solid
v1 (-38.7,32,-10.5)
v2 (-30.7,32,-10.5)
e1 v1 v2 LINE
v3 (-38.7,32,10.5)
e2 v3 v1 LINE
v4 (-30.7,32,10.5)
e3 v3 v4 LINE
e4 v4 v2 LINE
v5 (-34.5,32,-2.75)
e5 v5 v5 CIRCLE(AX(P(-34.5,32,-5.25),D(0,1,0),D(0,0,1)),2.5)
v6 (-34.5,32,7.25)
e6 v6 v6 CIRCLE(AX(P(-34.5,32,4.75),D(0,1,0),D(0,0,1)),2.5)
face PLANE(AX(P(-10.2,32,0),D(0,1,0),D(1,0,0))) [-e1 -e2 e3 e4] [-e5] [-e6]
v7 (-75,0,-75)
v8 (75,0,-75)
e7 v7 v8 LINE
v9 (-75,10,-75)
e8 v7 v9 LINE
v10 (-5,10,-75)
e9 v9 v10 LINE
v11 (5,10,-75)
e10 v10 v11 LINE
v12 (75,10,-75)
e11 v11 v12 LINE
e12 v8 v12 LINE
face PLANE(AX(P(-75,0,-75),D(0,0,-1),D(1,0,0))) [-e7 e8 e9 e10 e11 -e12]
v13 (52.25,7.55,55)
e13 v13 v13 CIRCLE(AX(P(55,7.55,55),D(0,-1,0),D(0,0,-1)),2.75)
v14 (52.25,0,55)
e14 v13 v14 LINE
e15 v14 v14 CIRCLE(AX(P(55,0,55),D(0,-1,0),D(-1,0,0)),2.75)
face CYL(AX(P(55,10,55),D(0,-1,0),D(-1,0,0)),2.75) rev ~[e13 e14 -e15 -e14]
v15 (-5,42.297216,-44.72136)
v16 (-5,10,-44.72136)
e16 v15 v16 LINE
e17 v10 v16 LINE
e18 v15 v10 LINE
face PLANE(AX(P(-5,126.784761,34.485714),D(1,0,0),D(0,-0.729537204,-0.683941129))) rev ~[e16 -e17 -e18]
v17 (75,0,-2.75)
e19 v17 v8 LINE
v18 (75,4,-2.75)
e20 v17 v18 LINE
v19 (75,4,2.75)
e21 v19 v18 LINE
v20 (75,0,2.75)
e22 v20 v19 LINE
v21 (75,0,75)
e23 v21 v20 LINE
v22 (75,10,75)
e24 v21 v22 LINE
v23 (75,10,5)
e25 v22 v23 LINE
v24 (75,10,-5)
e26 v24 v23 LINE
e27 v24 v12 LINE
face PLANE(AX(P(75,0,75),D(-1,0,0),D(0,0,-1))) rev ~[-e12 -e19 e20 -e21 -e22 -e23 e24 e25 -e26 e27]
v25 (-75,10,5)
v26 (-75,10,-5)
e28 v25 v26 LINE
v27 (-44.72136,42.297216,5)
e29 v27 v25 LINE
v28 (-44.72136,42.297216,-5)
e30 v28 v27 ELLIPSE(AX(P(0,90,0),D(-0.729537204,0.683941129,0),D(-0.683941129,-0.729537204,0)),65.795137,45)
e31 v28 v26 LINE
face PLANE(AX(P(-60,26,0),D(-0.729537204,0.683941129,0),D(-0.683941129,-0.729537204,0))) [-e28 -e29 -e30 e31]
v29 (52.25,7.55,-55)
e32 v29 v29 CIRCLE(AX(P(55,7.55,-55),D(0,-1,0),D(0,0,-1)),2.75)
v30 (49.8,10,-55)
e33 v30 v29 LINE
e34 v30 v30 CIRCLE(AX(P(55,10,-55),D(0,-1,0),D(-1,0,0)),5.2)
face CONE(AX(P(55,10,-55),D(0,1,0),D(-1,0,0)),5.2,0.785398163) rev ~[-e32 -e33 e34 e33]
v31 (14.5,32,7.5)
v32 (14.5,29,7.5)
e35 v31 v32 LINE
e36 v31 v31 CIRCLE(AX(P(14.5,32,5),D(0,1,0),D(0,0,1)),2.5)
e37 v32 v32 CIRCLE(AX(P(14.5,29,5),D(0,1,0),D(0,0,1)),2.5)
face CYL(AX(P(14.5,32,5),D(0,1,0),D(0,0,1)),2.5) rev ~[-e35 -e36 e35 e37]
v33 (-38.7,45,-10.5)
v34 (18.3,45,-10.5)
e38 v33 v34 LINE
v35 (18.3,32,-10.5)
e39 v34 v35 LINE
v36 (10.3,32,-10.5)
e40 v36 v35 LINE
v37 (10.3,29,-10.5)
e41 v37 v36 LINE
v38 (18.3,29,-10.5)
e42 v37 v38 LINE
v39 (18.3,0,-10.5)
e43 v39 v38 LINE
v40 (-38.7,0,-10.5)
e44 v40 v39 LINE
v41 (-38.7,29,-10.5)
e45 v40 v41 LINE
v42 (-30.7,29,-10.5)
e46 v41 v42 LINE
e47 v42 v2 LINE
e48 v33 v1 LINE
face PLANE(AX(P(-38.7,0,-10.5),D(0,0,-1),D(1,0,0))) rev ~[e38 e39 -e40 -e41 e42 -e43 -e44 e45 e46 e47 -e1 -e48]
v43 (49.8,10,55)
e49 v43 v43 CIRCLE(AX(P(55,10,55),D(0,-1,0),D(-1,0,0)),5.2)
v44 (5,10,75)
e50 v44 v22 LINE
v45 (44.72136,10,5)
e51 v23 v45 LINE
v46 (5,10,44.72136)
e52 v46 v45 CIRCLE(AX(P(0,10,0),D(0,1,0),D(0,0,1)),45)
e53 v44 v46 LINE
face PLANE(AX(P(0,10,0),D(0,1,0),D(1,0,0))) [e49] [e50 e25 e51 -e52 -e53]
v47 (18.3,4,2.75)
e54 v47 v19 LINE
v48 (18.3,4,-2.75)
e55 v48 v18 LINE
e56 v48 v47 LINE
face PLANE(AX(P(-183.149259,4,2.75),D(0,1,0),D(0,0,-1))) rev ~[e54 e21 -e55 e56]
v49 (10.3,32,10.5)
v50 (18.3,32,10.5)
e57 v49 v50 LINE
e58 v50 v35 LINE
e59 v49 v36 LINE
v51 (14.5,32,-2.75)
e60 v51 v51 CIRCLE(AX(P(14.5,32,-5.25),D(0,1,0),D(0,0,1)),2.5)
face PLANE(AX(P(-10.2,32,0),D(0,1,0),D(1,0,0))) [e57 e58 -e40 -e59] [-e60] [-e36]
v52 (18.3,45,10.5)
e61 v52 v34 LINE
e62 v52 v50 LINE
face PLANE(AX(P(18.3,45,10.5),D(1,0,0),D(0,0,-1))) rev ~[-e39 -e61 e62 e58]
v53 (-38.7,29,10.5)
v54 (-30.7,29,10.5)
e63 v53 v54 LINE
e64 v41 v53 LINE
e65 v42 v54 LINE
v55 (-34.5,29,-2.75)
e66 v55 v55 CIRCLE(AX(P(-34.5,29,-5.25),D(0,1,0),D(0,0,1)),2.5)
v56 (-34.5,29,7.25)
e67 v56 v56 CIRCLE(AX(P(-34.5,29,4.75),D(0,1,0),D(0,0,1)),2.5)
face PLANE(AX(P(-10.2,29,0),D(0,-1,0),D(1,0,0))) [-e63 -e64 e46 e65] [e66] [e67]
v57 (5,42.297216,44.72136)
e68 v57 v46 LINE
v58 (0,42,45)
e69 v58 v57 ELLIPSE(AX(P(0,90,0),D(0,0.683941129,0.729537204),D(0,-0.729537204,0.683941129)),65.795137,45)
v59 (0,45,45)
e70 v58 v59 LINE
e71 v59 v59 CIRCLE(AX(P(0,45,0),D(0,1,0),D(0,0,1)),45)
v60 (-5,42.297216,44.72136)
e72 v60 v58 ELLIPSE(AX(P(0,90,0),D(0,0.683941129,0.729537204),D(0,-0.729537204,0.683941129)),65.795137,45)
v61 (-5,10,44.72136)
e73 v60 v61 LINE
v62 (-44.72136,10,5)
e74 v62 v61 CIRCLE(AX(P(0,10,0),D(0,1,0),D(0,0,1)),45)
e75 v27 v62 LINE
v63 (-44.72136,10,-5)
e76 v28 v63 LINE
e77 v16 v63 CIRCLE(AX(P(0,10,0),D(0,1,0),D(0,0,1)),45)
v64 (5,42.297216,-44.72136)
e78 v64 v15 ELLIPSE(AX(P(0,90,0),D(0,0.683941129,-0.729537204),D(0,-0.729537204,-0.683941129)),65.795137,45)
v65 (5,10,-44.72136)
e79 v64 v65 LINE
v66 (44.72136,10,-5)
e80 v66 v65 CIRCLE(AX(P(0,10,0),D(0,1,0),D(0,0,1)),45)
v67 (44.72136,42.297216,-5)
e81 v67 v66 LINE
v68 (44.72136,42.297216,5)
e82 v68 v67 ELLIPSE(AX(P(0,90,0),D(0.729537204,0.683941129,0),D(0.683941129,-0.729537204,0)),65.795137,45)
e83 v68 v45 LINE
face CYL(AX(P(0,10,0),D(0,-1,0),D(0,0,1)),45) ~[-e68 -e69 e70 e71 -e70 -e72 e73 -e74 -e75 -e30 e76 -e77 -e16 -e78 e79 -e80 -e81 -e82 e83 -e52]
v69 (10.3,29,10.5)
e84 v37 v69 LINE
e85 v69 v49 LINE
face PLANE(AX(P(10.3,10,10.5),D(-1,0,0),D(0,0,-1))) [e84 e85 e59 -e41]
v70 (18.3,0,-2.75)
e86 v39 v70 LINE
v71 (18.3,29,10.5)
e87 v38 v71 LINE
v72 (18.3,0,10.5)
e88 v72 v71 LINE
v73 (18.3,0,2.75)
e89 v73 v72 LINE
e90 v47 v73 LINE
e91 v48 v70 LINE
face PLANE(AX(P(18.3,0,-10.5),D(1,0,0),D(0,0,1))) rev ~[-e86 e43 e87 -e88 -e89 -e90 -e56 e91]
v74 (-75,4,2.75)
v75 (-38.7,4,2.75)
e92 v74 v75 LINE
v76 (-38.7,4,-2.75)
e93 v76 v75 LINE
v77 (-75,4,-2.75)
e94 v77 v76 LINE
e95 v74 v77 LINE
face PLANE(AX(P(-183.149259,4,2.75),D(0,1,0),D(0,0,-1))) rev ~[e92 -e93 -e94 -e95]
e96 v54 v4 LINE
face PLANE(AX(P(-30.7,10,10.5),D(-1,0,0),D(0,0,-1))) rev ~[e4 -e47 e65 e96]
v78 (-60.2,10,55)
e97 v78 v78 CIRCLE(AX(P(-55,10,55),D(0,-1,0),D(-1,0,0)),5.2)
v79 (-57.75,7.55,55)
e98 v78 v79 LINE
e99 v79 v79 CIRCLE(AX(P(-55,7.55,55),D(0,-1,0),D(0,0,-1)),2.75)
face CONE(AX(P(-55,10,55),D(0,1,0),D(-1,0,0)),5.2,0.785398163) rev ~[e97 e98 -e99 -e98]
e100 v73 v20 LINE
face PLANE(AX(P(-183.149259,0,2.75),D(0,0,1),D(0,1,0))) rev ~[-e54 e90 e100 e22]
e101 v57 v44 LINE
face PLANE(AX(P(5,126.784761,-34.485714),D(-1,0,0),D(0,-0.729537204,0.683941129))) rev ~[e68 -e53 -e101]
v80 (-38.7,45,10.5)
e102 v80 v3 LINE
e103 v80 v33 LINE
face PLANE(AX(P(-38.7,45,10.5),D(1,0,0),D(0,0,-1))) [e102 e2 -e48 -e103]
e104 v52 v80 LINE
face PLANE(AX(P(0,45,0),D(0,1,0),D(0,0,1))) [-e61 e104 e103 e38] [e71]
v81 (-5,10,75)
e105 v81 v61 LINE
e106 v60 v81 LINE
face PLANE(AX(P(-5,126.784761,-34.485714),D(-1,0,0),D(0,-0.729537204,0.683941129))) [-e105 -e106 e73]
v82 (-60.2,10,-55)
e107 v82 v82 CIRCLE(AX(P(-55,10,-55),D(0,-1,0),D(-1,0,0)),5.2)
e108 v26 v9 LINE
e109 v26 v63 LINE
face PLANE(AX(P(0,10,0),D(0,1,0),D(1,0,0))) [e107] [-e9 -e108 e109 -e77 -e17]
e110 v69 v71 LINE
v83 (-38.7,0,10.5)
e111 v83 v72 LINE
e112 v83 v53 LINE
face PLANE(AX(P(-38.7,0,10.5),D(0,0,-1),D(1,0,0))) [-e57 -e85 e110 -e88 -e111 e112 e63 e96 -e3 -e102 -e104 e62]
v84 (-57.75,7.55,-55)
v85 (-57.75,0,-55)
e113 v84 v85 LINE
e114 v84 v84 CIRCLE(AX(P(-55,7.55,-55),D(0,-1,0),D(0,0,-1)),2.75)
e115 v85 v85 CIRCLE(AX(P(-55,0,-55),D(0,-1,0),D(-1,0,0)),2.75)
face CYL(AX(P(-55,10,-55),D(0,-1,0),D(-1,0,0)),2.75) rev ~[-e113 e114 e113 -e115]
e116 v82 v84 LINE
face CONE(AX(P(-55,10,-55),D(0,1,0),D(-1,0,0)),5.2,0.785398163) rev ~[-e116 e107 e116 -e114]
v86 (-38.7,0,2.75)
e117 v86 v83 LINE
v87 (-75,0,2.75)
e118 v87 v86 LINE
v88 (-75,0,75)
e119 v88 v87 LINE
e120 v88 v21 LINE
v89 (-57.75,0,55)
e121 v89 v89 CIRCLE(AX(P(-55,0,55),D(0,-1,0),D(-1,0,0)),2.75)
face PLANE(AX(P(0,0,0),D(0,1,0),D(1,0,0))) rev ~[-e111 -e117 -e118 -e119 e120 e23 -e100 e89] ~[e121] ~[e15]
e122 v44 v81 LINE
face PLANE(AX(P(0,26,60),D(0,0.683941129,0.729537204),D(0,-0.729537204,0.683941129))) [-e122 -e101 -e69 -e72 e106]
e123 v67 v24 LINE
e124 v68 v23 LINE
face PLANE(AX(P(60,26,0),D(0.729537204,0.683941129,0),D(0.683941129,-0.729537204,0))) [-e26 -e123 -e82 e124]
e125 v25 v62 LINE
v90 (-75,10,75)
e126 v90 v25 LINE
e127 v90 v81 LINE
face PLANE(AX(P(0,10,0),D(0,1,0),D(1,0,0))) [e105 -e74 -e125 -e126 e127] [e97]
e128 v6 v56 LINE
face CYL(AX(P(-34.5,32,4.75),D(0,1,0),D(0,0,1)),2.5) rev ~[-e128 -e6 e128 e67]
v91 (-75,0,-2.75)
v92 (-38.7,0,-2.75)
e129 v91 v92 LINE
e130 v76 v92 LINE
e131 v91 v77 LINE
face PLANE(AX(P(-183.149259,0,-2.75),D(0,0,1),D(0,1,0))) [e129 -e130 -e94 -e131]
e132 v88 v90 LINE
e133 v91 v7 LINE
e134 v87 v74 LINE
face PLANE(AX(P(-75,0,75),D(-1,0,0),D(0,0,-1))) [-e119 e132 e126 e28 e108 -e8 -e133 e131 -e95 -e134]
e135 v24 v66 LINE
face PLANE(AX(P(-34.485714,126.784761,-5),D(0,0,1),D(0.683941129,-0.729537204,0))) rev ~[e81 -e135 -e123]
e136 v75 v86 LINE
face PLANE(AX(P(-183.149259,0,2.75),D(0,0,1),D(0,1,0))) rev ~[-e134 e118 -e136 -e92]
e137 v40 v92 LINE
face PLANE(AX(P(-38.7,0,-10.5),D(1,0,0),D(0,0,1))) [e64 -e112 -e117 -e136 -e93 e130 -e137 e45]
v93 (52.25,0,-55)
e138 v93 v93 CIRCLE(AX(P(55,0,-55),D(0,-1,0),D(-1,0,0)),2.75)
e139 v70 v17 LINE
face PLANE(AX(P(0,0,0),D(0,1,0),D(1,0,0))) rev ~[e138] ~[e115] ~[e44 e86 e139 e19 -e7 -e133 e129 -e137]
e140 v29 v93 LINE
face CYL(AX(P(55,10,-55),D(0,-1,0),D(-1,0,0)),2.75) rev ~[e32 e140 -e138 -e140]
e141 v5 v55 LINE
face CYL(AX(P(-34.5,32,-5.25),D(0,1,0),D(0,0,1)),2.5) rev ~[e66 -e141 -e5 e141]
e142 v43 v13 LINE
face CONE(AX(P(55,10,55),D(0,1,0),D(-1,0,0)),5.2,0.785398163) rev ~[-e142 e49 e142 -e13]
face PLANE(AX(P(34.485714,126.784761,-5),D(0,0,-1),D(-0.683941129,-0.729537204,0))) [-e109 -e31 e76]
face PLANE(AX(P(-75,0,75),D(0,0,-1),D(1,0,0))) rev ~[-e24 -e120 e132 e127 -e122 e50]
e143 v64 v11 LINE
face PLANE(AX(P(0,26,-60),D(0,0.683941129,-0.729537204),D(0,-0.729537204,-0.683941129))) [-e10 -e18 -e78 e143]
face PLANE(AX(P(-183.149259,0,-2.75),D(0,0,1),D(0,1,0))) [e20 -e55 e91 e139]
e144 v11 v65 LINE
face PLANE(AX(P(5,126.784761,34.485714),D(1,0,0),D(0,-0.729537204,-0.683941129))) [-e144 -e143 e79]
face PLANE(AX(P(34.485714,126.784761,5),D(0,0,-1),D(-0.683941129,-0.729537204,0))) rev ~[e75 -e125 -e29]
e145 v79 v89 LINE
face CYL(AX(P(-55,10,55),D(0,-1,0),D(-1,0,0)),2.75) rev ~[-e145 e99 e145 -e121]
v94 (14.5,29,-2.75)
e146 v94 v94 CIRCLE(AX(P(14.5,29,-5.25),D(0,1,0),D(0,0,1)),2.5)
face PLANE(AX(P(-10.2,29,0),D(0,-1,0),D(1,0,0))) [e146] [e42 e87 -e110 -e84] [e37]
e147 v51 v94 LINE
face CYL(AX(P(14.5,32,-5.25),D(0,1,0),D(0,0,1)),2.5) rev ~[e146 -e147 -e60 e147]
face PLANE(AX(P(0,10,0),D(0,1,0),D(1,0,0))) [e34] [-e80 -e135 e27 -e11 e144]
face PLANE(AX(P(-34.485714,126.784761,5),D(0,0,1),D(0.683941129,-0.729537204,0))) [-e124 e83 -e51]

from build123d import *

# Parameters (mm, degrees)
SKETCH1_W                                           = 150
SKETCH1_H                                           = 150
BOSS_EXTRUDE1_DEPTH                                 = 10
SKETCH2_R                                           = 45
SKETCH2_W                                           = 41
SKETCH2_H                                           = 21
BOSS_EXTRUDE2_DEPTH                                 = 35
SKETCH3_W                                           = 57
SKETCH3_H                                           = 21
CUT_EXTRUDE1_DEPTH                                  = 13
SKETCH5_W                                           = 57
SKETCH5_H                                           = 21
CUT_EXTRUDE3_DEPTH                                  = 29
RIB5_REACH                                          = 117.217
SKETCH6_WALL_W                                      = 276.297796834
SKETCH6_WALL_H                                      = 10
CIRPATTERN1_COUNT                                   = 4
CSK_FOR_M5_COUNTERSUNK_FLAT_HEAD_SCREW1_D           = 5.5
CSK_FOR_M5_COUNTERSUNK_FLAT_HEAD_SCREW1_CSINK_D     = 10.4
CSK_FOR_M5_COUNTERSUNK_FLAT_HEAD_SCREW1_CSINK_ANGLE = 90
SKETCH12_R                                          = 2.5
CUT_EXTRUDE4_DEPTH                                  = 10
CUT_EXTRUDE5_DEPTH                                  = 144.449259322
CUT_EXTRUDE5_DEPTH_BACK                             = 144.449259322
SKETCH13_W                                          = 5.5
SKETCH13_H                                          = 4


with BuildPart() as part:
    # Sketch1 → Boss-Extrude1 (new body)
    with BuildSketch(Plane(origin=(0, 0, 0), x_dir=(1, 0, 0), z_dir=(0, 1, 0))):
        Rectangle(SKETCH1_W, SKETCH1_H)
    extrude(amount=BOSS_EXTRUDE1_DEPTH)

    # Sketch2 → Boss-Extrude2 (add)
    with BuildSketch(Plane(origin=(0, 10, 0), x_dir=(1, 0, 0), z_dir=(0, 1, 0))):
        with Locations(Location((0, 0, 0), (0, 0, 270))):
            Circle(SKETCH2_R)
        with Locations((-10.2, 0)):
            Rectangle(SKETCH2_W, SKETCH2_H, mode=Mode.SUBTRACT)
    extrude(amount=BOSS_EXTRUDE2_DEPTH)

    # Sketch3 → Cut-Extrude1 (cut)
    with BuildSketch(Plane(origin=(0, 45, 0), x_dir=(1, 0, 0), z_dir=(0, 1, 0))):
        with Locations((-10.2, 0)):
            Rectangle(SKETCH3_W, SKETCH3_H)
    extrude(amount=-CUT_EXTRUDE1_DEPTH, mode=Mode.SUBTRACT)

    # Sketch5 → Cut-Extrude3 (cut)
    with BuildSketch(Plane.XZ):
        with Locations((-10.2, 0)):
            Rectangle(SKETCH5_W, SKETCH5_H)
    extrude(amount=-CUT_EXTRUDE3_DEPTH, mode=Mode.SUBTRACT)

    # Sketch6 wall → Rib5 (add, up to next)
    with BuildSketch(Plane(origin=(0, 26, -60), x_dir=(0, -0.72953720414, -0.683941128881), z_dir=(0, 0.683941128881, -0.72953720414)), mode=Mode.PRIVATE) as rib5_sk1:
        Rectangle(SKETCH6_WALL_W, SKETCH6_WALL_H)
    rib5_tool1 = extrude(rib5_sk1.sketch, amount=-RIB5_REACH, mode=Mode.PRIVATE) - part.part
    rib5 = rib5_tool1.solids().sort_by_distance((0, 26, -60))[0]
    add(rib5)

    # CirPattern1: Rib5 ×4 about axis
    cirpattern1_axis = Axis((0, 0, 0), (0, 1, 0))
    for i in range(1, CIRPATTERN1_COUNT):
        add(rib5.rotate(cirpattern1_axis, i * 360 / CIRPATTERN1_COUNT))

    # CSK for M5 Countersunk Flat Head Screw1 (through all)
    with Locations(Plane(origin=(0, 10, 0), x_dir=(1, 0, 0), z_dir=(0, 1, 0))):
        with Locations((55, -55), (-55, -55), (-55, 55), (55, 55)):
            CounterSinkHole(CSK_FOR_M5_COUNTERSUNK_FLAT_HEAD_SCREW1_D / 2, CSK_FOR_M5_COUNTERSUNK_FLAT_HEAD_SCREW1_CSINK_D / 2, counter_sink_angle=CSK_FOR_M5_COUNTERSUNK_FLAT_HEAD_SCREW1_CSINK_ANGLE)

    # Sketch12 → Cut-Extrude4 (cut)
    with BuildSketch(Plane(origin=(0, 32, 0), x_dir=(1, 0, 0), z_dir=(0, 1, 0))):
        with Locations(Location((-34.5, 5.25, 0), (0, 0, 270))):
            Circle(SKETCH12_R)
        with Locations(Location((-34.5, -4.75, 0), (0, 0, 270))):
            Circle(SKETCH12_R)
        with Locations(Location((14.5, 5.25, 0), (0, 0, 270))):
            Circle(SKETCH12_R)
        with Locations(Location((14.5, -5, 0), (0, 0, 270))):
            Circle(SKETCH12_R)
    extrude(amount=-CUT_EXTRUDE4_DEPTH, mode=Mode.SUBTRACT)

    # Sketch13 → Cut-Extrude5 (cut, two sides: drawn at the far end of the back side and taken through both)
    with BuildSketch(Plane(origin=(-38.7, 0, 0), x_dir=(0, 0, -1), z_dir=(1, 0, 0)).offset(-CUT_EXTRUDE5_DEPTH_BACK)):
        with Locations((0, 2)):
            Rectangle(SKETCH13_W, SKETCH13_H)
    extrude(amount=CUT_EXTRUDE5_DEPTH + CUT_EXTRUDE5_DEPTH_BACK, mode=Mode.SUBTRACT)


solid = part.part
